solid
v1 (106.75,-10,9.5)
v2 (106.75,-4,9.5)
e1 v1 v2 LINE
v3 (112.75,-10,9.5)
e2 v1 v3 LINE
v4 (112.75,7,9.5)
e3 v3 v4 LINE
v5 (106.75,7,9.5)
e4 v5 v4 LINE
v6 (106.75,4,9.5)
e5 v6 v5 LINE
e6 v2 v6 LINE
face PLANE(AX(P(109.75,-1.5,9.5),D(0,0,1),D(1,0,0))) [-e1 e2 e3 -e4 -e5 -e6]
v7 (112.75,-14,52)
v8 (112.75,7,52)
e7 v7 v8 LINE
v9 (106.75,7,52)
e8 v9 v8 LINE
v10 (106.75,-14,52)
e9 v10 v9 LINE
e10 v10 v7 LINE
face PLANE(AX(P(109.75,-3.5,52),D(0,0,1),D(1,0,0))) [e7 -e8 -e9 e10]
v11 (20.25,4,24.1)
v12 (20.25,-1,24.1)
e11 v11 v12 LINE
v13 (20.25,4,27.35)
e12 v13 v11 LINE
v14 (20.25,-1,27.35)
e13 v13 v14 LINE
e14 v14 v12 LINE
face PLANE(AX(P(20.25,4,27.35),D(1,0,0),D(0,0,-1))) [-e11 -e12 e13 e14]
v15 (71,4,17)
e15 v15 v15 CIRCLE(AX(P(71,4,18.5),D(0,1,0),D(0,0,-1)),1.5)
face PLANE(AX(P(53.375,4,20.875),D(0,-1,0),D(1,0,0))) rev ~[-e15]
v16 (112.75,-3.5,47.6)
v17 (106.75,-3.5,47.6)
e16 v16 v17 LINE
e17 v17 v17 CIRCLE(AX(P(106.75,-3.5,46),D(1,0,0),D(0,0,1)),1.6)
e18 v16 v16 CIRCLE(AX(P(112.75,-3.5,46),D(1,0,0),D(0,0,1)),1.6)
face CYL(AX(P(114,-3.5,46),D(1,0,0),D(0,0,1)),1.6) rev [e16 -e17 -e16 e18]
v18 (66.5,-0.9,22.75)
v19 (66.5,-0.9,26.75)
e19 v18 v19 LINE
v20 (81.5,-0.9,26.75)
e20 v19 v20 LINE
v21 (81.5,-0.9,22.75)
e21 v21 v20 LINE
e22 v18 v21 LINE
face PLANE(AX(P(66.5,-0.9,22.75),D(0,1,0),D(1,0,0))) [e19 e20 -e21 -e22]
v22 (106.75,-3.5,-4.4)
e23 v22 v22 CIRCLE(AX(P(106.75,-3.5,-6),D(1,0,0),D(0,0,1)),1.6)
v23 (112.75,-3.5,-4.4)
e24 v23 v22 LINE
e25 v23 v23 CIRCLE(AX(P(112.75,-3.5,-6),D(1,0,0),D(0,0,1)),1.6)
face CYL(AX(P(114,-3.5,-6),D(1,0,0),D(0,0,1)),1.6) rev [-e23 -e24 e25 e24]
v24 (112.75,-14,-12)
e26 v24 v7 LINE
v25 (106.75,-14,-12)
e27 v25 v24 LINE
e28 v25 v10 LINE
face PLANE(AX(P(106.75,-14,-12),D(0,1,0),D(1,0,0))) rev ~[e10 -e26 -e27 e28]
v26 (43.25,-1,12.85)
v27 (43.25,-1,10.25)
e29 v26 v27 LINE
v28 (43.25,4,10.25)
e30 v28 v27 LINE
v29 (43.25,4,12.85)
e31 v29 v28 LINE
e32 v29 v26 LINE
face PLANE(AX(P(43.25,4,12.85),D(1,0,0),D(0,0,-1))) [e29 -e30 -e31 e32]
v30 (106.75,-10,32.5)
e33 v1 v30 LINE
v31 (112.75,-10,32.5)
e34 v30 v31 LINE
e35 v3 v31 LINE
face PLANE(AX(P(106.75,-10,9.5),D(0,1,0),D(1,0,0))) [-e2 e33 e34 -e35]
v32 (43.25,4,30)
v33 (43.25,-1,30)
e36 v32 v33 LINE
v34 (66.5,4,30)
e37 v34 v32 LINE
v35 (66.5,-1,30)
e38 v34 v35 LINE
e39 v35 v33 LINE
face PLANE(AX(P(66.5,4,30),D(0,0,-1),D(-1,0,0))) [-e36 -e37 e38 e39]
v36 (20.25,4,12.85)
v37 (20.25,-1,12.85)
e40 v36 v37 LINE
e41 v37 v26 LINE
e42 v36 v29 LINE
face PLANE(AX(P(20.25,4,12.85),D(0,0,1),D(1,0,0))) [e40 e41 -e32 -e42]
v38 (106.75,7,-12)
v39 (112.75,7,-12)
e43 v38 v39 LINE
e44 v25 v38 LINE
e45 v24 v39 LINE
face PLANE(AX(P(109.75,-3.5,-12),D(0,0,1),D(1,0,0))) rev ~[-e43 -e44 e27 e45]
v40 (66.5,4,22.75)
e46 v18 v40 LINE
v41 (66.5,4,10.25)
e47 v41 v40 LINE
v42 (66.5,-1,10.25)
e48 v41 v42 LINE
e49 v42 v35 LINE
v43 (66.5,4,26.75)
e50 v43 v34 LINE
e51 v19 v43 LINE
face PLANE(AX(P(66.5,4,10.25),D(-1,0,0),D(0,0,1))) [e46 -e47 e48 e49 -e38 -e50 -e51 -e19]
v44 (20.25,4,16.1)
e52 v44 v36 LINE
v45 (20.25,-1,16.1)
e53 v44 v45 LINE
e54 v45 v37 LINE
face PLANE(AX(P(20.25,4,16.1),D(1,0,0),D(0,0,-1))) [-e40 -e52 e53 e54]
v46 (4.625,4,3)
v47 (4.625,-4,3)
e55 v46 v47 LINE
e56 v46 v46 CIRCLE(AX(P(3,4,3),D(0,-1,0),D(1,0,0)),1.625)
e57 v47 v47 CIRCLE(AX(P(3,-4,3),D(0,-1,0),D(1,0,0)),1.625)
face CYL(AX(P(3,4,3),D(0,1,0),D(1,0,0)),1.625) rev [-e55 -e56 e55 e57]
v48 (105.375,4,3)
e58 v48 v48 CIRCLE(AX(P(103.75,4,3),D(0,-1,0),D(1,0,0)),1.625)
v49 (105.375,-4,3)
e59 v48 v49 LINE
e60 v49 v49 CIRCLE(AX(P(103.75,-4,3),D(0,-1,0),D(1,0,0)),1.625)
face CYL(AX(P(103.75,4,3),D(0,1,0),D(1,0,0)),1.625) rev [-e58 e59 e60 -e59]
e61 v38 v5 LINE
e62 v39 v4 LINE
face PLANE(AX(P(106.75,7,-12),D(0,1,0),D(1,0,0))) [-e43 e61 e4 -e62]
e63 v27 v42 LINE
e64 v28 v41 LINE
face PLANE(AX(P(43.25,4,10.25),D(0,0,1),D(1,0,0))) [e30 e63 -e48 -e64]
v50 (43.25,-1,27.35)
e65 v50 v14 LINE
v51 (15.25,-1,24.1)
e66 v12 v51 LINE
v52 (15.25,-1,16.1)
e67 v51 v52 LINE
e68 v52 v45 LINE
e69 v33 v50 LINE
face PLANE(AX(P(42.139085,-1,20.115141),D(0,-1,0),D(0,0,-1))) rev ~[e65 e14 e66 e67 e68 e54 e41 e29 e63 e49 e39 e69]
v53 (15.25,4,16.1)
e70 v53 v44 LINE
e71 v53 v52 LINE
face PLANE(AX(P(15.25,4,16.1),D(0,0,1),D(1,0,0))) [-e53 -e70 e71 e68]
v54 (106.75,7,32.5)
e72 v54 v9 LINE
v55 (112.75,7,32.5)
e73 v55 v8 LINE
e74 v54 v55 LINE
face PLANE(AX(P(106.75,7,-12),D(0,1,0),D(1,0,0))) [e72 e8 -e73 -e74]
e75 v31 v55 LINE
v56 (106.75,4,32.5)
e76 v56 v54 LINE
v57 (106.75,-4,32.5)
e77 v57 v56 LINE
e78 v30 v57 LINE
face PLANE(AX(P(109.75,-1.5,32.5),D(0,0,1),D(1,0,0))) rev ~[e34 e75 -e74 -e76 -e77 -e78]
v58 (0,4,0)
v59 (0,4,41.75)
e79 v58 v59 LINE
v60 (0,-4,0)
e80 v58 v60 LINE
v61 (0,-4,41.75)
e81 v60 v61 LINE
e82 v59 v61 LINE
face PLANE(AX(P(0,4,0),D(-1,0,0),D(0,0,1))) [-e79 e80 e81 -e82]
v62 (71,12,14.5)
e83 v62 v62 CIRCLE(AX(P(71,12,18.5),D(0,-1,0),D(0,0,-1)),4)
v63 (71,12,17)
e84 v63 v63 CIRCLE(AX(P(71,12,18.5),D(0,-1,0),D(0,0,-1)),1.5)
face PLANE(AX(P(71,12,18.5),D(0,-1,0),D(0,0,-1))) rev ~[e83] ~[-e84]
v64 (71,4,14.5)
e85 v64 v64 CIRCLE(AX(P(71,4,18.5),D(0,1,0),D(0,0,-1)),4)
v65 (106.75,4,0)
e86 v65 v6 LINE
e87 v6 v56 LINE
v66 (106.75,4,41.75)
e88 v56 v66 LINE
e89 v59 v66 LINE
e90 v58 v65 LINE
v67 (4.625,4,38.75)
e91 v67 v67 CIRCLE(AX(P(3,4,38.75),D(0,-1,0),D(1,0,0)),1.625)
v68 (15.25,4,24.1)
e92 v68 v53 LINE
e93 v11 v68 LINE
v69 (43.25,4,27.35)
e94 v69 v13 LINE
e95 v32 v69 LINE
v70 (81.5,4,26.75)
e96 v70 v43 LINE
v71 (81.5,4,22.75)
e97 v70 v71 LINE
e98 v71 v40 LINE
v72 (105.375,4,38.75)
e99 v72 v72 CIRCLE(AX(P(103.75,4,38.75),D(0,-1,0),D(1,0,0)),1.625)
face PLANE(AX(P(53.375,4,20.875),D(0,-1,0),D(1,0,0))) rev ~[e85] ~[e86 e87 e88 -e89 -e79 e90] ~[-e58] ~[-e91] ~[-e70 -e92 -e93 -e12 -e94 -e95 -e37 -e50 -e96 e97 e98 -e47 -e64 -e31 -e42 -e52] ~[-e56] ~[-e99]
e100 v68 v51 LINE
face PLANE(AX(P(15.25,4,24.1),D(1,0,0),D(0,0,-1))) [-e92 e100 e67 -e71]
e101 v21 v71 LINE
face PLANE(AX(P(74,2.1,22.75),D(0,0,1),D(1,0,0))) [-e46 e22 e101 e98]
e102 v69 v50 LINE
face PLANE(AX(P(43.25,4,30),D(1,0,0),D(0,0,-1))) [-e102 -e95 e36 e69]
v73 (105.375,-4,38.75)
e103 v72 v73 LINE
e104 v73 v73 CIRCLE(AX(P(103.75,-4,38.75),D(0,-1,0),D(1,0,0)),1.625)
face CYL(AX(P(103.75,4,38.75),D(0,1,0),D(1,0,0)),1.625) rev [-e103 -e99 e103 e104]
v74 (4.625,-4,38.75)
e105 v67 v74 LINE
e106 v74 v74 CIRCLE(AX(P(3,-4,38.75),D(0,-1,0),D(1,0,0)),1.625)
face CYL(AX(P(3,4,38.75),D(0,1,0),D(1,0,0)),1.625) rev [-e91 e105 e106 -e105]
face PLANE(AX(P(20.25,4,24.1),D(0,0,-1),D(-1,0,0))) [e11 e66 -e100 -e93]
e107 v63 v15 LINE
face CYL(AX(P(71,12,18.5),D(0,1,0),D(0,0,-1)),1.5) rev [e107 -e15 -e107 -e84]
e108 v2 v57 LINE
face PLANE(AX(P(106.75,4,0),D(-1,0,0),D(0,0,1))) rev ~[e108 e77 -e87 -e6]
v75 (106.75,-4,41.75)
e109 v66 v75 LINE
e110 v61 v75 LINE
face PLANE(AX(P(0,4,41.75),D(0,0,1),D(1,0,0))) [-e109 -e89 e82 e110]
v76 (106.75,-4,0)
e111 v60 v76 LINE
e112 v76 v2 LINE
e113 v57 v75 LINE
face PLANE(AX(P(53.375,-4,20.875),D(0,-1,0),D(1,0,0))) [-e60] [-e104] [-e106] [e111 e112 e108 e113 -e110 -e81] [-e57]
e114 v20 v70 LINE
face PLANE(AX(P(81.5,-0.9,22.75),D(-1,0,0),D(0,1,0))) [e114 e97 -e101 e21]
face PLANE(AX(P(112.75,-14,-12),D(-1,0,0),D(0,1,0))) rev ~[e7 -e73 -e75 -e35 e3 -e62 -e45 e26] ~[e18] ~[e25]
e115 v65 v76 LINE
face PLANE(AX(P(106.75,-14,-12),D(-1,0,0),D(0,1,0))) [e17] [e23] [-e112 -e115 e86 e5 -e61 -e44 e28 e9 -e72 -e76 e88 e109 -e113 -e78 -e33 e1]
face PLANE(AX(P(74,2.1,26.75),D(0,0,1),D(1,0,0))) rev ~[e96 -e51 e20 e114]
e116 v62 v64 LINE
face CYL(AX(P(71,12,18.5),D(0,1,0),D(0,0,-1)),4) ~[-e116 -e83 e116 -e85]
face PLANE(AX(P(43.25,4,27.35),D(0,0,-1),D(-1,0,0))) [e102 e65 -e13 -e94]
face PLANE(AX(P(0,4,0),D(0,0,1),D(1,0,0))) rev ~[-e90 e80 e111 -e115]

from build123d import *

# Parameters (mm, degrees)
BOX011_W                   = 15
BOX011_H                   = 6
BOX011_DEPTH               = 4
EXTRUDE003_DEPTH           = 5
EXTRUDE003_ROLL_ANGLE      = -90
EXTRUDE003_PLACEMENT_ANGLE = -90
CYLINDER010_R              = 1.6
CYLINDER010_DEPTH          = 10
CYLINDER009_R              = 1.6
CYLINDER009_DEPTH          = 10
SKETCH_W                   = 106.75
SKETCH_H                   = 41.75
SKETCH_R                   = 1.625
EXTRUDE_DEPTH              = 8
EXTRUDE_PLACEMENT_ANGLE    = 270
BOX009_W                   = 6
BOX009_H                   = 17
BOX009_DEPTH               = 23
BOX005_W                   = 6
BOX005_H                   = 21
BOX005_DEPTH               = 64
TUBE003_R                  = 4
TUBE003_R_2                = 1.5
TUBE003_DEPTH              = 12


with BuildPart() as cube007:
    # Box011 → Box011 (new body)
    with BuildSketch(Plane(origin=(66.5, -0.9, 22.75), x_dir=(1, 0, 0), z_dir=(0, 0, 1))):
        with Locations((7.5, 3)):
            Rectangle(BOX011_W, BOX011_H)
    extrude(amount=BOX011_DEPTH)


with BuildPart() as extrude003:
    # Sketch004 → Extrude003 (new body)
    with BuildSketch(Plane.YZ):
        Polygon((10.25, 66.5), (10.25, 43.25), (12.9, 43.25), (12.9, 20.25), (16.15, 20.25), (16.15, 15.25), (24.15, 15.25), (24.15, 20.25), (27.4, 20.25), (27.4, 43.25), (30, 43.25), (30, 66.5), align=None)
    extrude(amount=EXTRUDE003_DEPTH)


with BuildPart() as extrude003_1:
    # Extrude003 roll: moved
    add(extrude003.part.rotate(Axis((0, 0, 0), (1, 0, 0)), EXTRUDE003_ROLL_ANGLE))


with BuildPart() as extrude003_2:
    # Extrude003 placement: moved
    add(extrude003_1.part.moved(Location((0, 4, 40.25))).rotate(Axis((0, 4, 40.25), (0, 0, 1)), EXTRUDE003_PLACEMENT_ANGLE))


with BuildPart() as cylinder010:
    # Cylinder010 → Cylinder010 (new body)
    with BuildSketch(Plane(origin=(114, 6.5, 46), x_dir=(0, 0, 1), z_dir=(-1, 0, 0))):
        Circle(CYLINDER010_R)
    extrude(amount=CYLINDER010_DEPTH)


with BuildPart() as m3cyl:
    # Cylinder009 → Cylinder009 (new body)
    with BuildSketch(Plane(origin=(114, 6.5, -6), x_dir=(0, 0, 1), z_dir=(-1, 0, 0))):
        Circle(CYLINDER009_R)
    extrude(amount=CYLINDER009_DEPTH)

    # Fusion010: union Cylinder010
    add(cylinder010.part)


with BuildPart() as m3cyl_1:
    # Fusion010 placement: moved
    add(m3cyl.part.moved(Location((0, -10, 0))))


with BuildPart() as bottom:
    # Sketch → Extrude (new body)
    with BuildSketch(Plane.YZ):
        with Locations((53.375, 20.875)):
            Rectangle(SKETCH_W, SKETCH_H)
        with Locations((3, 3)):
            Circle(SKETCH_R, mode=Mode.SUBTRACT)
        with Locations((3, 38.75)):
            Circle(SKETCH_R, mode=Mode.SUBTRACT)
        with Locations((103.75, 38.75)):
            Circle(SKETCH_R, mode=Mode.SUBTRACT)
        with Locations((103.75, 3)):
            Circle(SKETCH_R, mode=Mode.SUBTRACT)
    extrude(amount=EXTRUDE_DEPTH)


with BuildPart() as bottom_1:
    # Extrude placement: moved
    add(bottom.part.moved(Location((0, 4, 0))).rotate(Axis((0, 4, 0), (0, 0, 1)), EXTRUDE_PLACEMENT_ANGLE))


with BuildPart() as basemount001:
    # Box009 → Box009 (new body)
    with BuildSketch(Plane(origin=(106.75, 0, 9.5), x_dir=(1, 0, 0), z_dir=(0, 0, 1))):
        with Locations((3, 8.5)):
            Rectangle(BOX009_W, BOX009_H)
    extrude(amount=BOX009_DEPTH)


with BuildPart() as lora_cut:
    # Box005 → Box005 (new body)
    with BuildSketch(Plane(origin=(106.75, -4, -12), x_dir=(1, 0, 0), z_dir=(0, 0, 1))):
        with Locations((3, 10.5)):
            Rectangle(BOX005_W, BOX005_H)
    extrude(amount=BOX005_DEPTH)

    # Cut001: cut baseMOunt001
    add(basemount001.part, mode=Mode.SUBTRACT)


with BuildPart() as lora_cut_1:
    # Cut001 placement: moved
    add(lora_cut.part.moved(Location((0, -10, 0))))

    # Fusion009: union Bottom
    add(bottom_1.part)

    # Cut002: cut m3Cyl
    add(m3cyl_1.part, mode=Mode.SUBTRACT)

    # Cut003: cut Extrude003
    add(extrude003_2.part, mode=Mode.SUBTRACT)

    # Cut004: cut Cube007
    add(cube007.part, mode=Mode.SUBTRACT)


with BuildPart() as bottom001:
    # Tube003 → Tube003 (new body)
    with BuildSketch(Plane(origin=(71, 12, 18.5), x_dir=(0, 0, -1), z_dir=(0, -1, 0))):
        Circle(TUBE003_R)
        Circle(TUBE003_R_2, mode=Mode.SUBTRACT)
    extrude(amount=TUBE003_DEPTH)

    # Fusion011: union LoRa_Cut
    add(lora_cut_1.part)


solid = bottom001.part
